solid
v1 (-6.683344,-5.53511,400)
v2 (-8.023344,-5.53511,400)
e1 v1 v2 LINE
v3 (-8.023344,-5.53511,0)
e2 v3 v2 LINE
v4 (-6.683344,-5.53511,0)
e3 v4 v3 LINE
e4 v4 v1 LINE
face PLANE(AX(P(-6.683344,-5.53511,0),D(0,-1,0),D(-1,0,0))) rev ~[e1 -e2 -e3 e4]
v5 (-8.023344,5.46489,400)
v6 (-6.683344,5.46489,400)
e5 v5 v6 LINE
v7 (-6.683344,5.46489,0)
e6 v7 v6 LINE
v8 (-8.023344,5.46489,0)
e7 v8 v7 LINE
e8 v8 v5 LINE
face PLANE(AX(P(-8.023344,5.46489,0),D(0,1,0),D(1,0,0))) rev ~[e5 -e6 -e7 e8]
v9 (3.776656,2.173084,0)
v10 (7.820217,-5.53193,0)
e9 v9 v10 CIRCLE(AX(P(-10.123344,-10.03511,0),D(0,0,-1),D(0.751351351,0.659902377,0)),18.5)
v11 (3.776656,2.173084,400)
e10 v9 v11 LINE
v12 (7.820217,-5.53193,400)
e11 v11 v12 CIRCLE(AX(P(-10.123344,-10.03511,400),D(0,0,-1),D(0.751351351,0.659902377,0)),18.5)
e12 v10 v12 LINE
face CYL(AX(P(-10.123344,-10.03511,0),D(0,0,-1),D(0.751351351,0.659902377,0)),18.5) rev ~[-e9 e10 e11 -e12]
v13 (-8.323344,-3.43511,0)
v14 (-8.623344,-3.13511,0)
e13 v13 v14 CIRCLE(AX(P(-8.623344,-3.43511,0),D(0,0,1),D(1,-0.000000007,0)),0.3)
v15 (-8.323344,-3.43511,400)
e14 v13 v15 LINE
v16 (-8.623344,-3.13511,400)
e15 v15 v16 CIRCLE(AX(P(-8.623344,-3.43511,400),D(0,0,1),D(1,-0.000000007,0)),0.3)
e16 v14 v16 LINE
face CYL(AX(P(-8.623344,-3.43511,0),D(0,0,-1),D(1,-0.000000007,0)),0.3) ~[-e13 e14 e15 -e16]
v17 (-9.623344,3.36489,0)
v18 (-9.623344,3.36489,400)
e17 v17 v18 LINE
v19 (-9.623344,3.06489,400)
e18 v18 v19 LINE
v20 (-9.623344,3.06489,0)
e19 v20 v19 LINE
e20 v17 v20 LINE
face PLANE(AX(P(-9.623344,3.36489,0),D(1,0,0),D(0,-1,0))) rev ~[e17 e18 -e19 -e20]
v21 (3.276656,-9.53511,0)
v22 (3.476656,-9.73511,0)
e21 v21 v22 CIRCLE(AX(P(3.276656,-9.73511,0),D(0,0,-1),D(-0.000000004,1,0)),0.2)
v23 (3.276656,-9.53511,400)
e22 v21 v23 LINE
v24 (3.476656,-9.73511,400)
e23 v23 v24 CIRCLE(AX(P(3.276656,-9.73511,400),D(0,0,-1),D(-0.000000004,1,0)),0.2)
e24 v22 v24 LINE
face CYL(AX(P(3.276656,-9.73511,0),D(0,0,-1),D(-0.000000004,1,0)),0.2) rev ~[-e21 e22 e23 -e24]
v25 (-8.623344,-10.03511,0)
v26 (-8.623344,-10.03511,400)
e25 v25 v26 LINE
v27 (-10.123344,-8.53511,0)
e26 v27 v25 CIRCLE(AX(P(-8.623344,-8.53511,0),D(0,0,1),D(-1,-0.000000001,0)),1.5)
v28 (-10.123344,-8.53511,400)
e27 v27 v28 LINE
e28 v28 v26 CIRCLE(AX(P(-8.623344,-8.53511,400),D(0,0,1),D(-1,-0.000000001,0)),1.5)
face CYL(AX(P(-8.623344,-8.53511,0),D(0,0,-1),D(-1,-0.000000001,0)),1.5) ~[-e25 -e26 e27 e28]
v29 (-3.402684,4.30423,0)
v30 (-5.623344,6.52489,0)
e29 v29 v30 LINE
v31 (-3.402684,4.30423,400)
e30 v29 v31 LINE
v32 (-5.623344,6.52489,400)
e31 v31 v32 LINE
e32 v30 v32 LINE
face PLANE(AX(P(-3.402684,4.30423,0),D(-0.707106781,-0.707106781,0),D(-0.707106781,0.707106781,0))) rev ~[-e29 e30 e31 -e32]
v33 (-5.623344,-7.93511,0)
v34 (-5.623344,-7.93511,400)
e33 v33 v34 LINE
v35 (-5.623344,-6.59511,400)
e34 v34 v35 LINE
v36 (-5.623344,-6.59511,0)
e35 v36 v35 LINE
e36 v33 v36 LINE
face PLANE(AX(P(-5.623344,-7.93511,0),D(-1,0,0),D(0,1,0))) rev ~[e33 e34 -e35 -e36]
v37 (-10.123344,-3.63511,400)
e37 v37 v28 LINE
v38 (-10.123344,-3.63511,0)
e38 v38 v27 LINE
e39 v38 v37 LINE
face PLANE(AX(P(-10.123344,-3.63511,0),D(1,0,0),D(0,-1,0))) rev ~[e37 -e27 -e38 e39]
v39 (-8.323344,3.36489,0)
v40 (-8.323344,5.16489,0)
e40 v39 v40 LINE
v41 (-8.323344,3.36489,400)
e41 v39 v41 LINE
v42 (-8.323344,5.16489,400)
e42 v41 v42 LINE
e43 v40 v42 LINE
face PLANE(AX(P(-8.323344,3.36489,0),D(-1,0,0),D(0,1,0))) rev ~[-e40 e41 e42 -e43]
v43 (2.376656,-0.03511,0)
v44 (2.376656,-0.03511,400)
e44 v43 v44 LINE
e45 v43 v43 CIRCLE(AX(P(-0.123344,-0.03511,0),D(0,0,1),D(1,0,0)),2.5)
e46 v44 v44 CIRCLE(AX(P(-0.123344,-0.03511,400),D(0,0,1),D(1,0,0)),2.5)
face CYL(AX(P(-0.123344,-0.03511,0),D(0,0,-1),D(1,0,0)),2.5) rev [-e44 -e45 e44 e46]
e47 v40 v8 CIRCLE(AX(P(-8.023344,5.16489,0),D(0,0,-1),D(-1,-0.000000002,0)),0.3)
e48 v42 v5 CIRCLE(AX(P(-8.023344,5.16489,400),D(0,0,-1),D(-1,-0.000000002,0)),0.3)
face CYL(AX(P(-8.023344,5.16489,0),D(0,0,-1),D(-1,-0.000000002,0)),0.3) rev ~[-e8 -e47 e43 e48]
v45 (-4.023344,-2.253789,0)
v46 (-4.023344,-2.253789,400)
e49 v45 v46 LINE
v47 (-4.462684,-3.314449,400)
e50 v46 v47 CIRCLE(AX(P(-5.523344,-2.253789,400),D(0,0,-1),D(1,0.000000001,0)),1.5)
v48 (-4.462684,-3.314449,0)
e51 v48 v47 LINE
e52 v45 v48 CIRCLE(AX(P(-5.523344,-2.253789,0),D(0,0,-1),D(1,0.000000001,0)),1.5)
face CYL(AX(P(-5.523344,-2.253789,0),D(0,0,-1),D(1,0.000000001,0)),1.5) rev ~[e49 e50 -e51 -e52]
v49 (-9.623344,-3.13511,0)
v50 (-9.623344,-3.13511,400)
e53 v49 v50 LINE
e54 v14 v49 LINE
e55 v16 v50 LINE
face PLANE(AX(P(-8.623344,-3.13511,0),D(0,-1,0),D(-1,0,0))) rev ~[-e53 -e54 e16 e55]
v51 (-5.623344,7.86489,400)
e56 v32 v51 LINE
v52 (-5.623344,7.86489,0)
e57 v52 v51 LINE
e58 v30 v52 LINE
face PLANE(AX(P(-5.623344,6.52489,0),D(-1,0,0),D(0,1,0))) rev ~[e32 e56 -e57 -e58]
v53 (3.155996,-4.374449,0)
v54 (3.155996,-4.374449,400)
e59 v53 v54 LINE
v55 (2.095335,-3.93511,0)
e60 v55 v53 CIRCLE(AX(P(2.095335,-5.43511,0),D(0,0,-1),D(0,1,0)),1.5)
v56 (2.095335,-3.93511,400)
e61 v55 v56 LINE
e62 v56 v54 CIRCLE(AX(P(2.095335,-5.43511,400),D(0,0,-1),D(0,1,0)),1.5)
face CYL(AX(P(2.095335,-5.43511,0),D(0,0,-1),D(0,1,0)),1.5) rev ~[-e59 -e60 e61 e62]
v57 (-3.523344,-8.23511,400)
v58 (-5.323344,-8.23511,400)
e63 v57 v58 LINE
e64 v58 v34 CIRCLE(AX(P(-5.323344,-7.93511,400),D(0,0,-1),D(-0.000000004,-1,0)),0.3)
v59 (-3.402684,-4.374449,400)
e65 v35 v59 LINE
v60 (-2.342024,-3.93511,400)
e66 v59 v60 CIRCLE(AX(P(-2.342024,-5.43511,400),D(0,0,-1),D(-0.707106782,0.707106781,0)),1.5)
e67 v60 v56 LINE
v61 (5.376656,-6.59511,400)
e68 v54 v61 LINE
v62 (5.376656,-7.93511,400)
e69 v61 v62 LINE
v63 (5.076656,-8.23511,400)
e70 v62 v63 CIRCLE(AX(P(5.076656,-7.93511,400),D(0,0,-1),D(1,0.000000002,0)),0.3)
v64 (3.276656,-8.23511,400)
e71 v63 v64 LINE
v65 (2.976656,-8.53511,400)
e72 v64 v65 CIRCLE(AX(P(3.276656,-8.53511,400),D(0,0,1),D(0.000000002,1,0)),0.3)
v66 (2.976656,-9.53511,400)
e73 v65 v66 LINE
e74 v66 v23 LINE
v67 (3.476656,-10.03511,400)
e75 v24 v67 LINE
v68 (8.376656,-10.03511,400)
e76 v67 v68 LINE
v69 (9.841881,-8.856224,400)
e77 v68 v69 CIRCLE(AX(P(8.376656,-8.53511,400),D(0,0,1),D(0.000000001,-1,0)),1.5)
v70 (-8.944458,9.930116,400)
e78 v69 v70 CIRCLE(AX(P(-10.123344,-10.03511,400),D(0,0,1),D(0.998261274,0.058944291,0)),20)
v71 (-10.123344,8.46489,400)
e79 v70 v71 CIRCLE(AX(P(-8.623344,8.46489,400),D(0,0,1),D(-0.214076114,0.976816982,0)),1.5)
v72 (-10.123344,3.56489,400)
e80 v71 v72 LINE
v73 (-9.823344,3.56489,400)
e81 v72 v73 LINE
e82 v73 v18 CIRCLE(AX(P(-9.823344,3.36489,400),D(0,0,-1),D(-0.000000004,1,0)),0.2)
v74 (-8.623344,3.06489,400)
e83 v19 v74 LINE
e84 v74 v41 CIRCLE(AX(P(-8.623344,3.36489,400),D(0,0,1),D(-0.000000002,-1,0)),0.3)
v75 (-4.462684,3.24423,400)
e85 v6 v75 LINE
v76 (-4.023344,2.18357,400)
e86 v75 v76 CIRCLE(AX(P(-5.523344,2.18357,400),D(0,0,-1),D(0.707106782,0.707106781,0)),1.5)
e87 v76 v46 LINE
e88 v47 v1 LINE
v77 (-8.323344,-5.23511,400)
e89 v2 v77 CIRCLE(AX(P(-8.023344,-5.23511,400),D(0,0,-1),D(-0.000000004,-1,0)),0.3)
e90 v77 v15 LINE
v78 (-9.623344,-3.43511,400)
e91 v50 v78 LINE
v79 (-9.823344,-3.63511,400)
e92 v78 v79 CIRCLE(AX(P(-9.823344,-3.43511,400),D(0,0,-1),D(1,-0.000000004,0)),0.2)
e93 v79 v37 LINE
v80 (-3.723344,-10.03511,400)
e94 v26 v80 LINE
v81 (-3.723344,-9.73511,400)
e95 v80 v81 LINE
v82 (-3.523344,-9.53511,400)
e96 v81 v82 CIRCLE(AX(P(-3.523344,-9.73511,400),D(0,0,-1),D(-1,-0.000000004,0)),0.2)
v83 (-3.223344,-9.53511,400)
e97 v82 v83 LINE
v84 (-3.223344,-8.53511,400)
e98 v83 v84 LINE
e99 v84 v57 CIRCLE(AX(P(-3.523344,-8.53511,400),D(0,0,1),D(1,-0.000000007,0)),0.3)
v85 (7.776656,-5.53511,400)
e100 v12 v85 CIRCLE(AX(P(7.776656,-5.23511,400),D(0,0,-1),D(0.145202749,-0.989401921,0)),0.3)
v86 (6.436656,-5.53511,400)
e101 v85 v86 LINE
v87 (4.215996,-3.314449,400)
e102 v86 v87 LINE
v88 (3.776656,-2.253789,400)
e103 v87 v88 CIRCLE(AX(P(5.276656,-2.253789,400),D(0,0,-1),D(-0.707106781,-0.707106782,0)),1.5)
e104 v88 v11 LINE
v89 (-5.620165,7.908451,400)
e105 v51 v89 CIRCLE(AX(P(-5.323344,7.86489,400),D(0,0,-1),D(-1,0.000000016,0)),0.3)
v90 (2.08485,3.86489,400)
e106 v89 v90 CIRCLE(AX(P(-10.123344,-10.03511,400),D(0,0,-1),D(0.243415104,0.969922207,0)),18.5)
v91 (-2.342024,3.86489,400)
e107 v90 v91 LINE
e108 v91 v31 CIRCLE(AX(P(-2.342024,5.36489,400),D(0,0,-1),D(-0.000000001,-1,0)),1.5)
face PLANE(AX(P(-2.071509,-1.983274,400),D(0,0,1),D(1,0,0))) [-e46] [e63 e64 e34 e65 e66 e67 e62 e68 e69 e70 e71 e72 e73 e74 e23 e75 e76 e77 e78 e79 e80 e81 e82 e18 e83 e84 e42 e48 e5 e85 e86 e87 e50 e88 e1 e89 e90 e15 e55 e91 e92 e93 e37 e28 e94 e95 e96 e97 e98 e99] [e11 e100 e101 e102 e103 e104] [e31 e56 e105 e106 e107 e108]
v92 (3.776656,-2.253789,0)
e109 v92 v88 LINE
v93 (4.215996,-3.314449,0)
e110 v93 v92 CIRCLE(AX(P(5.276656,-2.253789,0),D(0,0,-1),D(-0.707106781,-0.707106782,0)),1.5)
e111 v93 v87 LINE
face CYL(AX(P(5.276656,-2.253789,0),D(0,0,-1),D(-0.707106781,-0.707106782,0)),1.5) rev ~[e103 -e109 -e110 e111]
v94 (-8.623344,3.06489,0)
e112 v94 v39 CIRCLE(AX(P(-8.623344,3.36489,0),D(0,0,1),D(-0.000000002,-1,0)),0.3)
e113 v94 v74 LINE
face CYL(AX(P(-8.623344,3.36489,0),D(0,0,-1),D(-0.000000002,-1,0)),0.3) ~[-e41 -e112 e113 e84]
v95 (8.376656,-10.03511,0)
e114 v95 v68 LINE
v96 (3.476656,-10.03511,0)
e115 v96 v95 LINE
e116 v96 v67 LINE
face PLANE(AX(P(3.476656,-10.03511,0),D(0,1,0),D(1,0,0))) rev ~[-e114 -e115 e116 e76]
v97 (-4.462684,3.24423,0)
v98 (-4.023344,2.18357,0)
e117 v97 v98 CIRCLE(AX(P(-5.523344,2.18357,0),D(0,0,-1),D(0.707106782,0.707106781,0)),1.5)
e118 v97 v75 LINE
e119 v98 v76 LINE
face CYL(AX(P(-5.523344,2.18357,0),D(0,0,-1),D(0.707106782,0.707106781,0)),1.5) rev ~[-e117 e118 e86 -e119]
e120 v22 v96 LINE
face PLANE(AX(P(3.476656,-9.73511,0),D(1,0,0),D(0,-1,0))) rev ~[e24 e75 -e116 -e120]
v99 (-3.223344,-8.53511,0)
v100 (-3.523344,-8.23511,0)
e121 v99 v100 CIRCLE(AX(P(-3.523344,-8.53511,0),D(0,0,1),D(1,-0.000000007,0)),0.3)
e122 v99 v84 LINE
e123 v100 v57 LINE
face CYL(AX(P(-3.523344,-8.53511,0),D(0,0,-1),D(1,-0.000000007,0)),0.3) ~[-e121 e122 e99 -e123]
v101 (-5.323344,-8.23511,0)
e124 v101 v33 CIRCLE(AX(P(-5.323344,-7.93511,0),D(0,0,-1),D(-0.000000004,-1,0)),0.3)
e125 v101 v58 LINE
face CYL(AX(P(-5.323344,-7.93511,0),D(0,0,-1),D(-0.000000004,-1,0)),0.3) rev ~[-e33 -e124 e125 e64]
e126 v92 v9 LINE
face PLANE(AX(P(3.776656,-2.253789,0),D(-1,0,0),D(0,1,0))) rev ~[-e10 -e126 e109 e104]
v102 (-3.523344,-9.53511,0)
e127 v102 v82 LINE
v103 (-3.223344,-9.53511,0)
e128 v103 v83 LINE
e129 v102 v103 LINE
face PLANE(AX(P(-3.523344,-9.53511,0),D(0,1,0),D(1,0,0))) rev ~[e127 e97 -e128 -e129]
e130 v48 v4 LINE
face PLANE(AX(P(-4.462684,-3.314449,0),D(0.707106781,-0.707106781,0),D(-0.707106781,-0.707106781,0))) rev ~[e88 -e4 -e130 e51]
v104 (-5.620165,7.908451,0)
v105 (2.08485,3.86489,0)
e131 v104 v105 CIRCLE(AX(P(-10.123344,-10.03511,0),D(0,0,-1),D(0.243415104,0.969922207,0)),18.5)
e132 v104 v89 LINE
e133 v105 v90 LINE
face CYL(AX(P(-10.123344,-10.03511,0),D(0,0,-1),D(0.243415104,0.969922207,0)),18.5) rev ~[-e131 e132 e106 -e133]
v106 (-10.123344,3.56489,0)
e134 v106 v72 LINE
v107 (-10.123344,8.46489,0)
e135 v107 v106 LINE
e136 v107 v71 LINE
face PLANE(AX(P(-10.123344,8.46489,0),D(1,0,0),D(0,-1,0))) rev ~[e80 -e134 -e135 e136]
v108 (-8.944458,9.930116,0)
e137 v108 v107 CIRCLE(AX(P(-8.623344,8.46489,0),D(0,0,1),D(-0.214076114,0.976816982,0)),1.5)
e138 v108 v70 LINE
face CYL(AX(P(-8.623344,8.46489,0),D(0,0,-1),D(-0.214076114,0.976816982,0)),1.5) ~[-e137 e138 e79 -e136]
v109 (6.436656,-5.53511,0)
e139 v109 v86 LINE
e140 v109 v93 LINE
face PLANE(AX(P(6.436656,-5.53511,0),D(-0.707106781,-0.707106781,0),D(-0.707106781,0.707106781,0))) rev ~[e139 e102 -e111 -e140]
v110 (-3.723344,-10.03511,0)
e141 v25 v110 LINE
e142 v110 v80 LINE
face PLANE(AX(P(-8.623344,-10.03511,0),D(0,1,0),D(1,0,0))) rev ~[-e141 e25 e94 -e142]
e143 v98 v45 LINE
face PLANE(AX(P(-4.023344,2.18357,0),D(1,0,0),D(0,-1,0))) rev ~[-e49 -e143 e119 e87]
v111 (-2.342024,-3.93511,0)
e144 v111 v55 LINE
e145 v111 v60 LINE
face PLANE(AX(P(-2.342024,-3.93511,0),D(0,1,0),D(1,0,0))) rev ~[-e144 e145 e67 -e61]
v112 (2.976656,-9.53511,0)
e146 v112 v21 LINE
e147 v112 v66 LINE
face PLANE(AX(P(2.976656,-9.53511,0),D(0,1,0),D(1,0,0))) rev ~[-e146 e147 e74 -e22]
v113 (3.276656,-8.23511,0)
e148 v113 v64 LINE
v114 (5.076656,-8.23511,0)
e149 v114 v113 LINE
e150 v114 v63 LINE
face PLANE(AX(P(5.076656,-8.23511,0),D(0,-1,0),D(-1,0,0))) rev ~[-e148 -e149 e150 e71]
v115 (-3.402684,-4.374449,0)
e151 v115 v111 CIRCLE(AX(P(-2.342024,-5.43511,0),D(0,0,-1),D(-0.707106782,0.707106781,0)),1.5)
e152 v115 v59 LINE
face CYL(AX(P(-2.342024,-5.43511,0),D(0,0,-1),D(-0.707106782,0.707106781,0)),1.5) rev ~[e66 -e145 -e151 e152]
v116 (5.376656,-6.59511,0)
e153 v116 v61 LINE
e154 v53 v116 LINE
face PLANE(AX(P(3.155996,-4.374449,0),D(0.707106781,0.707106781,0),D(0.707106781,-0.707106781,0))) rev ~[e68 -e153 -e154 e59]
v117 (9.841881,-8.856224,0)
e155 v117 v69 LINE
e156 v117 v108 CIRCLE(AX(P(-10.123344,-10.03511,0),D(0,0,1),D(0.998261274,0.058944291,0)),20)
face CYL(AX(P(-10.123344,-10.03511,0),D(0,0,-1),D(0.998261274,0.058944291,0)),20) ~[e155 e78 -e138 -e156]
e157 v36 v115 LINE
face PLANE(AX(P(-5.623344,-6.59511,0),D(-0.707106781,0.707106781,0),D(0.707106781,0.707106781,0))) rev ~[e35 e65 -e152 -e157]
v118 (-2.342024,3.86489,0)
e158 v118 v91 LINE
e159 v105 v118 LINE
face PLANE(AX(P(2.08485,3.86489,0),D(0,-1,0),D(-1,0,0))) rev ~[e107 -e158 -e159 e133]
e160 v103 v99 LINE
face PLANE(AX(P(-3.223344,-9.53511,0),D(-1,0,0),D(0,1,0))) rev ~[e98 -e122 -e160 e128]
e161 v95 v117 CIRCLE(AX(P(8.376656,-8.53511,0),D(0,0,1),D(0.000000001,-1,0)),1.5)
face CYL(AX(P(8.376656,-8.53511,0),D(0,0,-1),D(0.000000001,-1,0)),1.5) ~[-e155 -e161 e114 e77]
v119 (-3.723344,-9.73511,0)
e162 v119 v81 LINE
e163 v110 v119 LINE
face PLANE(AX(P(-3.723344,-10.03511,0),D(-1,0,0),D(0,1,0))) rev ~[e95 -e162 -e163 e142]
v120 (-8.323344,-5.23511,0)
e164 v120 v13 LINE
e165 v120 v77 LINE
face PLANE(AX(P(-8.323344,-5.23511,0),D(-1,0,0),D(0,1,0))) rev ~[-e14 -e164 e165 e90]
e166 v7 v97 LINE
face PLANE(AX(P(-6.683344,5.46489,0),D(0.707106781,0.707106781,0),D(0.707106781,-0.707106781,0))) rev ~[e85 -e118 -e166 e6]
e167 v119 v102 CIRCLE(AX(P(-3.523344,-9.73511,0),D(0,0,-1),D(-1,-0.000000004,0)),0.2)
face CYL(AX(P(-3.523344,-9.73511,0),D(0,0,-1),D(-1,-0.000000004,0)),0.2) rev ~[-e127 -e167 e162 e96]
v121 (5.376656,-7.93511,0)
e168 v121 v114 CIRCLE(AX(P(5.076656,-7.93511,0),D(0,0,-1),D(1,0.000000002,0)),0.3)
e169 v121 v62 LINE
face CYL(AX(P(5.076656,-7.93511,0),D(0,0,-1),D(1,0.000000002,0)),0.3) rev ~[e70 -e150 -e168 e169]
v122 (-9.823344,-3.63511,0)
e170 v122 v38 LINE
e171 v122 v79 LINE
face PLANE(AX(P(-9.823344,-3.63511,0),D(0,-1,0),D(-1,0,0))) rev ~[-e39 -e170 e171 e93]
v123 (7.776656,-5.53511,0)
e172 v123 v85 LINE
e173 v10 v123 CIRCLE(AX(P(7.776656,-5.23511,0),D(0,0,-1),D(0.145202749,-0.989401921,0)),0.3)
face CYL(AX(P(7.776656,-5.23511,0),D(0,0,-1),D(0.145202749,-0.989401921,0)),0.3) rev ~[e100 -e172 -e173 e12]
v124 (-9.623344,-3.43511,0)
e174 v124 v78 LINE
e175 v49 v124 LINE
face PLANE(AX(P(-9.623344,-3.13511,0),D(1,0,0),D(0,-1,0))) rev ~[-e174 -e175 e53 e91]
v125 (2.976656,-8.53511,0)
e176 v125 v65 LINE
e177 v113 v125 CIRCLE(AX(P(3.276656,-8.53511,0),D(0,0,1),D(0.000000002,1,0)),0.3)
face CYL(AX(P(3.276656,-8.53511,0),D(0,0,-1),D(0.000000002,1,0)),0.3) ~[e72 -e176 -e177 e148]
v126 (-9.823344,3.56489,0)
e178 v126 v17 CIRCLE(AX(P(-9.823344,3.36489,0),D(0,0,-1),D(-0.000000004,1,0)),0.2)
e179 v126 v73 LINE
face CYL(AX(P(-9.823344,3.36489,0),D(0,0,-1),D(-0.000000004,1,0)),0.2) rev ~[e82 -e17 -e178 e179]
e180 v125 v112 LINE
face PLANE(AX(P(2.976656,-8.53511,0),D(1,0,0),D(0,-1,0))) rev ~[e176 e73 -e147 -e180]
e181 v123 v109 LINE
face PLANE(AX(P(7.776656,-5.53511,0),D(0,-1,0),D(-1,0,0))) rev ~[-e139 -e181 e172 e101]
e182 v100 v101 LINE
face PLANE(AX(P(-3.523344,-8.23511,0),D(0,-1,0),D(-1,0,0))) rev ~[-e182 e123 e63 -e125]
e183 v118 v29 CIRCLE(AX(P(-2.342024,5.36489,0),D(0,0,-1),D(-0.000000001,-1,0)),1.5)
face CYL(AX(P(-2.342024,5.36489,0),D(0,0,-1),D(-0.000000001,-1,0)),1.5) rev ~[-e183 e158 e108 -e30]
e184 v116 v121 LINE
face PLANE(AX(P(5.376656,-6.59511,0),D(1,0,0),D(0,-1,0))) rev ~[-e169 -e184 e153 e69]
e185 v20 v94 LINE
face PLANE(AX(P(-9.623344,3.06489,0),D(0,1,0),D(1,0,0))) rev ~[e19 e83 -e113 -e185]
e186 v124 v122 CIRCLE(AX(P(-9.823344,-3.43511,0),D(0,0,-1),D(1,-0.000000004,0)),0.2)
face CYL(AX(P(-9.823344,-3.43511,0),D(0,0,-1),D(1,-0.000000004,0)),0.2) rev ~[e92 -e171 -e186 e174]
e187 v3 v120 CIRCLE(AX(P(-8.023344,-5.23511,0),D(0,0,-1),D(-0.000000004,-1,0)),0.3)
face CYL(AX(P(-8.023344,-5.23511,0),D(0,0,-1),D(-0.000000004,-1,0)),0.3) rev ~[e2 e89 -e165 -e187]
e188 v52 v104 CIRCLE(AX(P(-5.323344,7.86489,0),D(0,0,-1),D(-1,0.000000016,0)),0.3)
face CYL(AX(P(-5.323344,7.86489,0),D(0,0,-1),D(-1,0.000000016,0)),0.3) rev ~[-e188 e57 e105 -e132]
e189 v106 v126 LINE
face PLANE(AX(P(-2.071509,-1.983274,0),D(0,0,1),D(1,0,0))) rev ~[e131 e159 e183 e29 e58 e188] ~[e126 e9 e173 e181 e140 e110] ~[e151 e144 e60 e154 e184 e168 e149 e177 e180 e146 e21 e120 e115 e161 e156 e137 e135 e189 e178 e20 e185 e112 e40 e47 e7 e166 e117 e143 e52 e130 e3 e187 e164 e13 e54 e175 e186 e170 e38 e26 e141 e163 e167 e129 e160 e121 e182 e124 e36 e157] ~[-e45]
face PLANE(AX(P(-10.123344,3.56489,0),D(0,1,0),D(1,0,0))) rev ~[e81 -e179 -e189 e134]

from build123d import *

# Parameters (mm, degrees)
SKETCH_1_R      = 2.5
EXTRUDE_1_DEPTH = 400


with BuildPart() as part:
    # 草图1 → 凸台-拉伸1 (new body)
    with BuildSketch(Plane.XY):
        with BuildLine():
            ThreePointArc((-8.944458369, 9.930115847), (-9.792033903, 9.405190523), (-10.123344197, 8.464890373))
            Line((-10.123344197, 8.464890373), (-10.123344197, 3.564890373))
            Line((-10.123344197, 3.564890373), (-9.823344197, 3.564890373))
            ThreePointArc((-9.823344197, 3.564890373), (-9.681922841, 3.50631173), (-9.623344197, 3.364890373))
            Line((-9.623344197, 3.364890373), (-9.623344197, 3.064890373))
            Line((-9.623344197, 3.064890373), (-8.623344197, 3.064890373))
            ThreePointArc((-8.623344197, 3.064890373), (-8.411212162, 3.152758339), (-8.323344197, 3.364890373))
            Line((-8.323344197, 3.364890373), (-8.323344197, 5.164890373))
            ThreePointArc((-8.323344197, 5.164890373), (-8.235476231, 5.377022408), (-8.023344197, 5.464890373))
            Line((-8.023344197, 5.464890373), (-6.683344197, 5.464890373))
            Line((-6.683344197, 5.464890373), (-4.462684025, 3.244230202))
            ThreePointArc((-4.462684025, 3.244230202), (-4.137524898, 2.757595178), (-4.023344197, 2.18357003))
            Line((-4.023344197, 2.18357003), (-4.023344197, -2.253789283))
            ThreePointArc((-4.023344197, -2.253789283), (-4.137524898, -2.827814432), (-4.462684025, -3.314449455))
            Line((-4.462684025, -3.314449455), (-6.683344197, -5.535109627))
            Line((-6.683344197, -5.535109627), (-8.023344197, -5.535109627))
            ThreePointArc((-8.023344197, -5.535109627), (-8.235476231, -5.447241661), (-8.323344197, -5.235109627))
            Line((-8.323344197, -5.235109627), (-8.323344197, -3.435109627))
            ThreePointArc((-8.323344197, -3.435109627), (-8.411212162, -3.222977592), (-8.623344197, -3.135109627))
            Line((-8.623344197, -3.135109627), (-9.623344197, -3.135109627))
            Line((-9.623344197, -3.135109627), (-9.623344197, -3.435109627))
            ThreePointArc((-9.623344197, -3.435109627), (-9.681922841, -3.576530983), (-9.823344197, -3.635109627))
            Line((-9.823344197, -3.635109627), (-10.123344197, -3.635109627))
            Line((-10.123344197, -3.635109627), (-10.123344197, -8.535109627))
            ThreePointArc((-10.123344197, -8.535109627), (-9.684004369, -9.595769798), (-8.623344197, -10.035109627))
            Line((-8.623344197, -10.035109627), (-3.723344197, -10.035109627))
            Line((-3.723344197, -10.035109627), (-3.723344197, -9.735109627))
            ThreePointArc((-3.723344197, -9.735109627), (-3.664765553, -9.59368827), (-3.523344197, -9.535109627))
            Line((-3.523344197, -9.535109627), (-3.223344197, -9.535109627))
            Line((-3.223344197, -9.535109627), (-3.223344197, -8.535109627))
            ThreePointArc((-3.223344197, -8.535109627), (-3.311212162, -8.322977592), (-3.523344197, -8.235109627))
            Line((-3.523344197, -8.235109627), (-5.323344197, -8.235109627))
            ThreePointArc((-5.323344197, -8.235109627), (-5.535476231, -8.147241661), (-5.623344197, -7.935109627))
            Line((-5.623344197, -7.935109627), (-5.623344197, -6.595109627))
            Line((-5.623344197, -6.595109627), (-3.402684025, -4.374449455))
            ThreePointArc((-3.402684025, -4.374449455), (-2.916049002, -4.049290328), (-2.342023853, -3.935109627))
            Line((-2.342023853, -3.935109627), (2.09533546, -3.935109627))
            ThreePointArc((2.09533546, -3.935109627), (2.669360608, -4.049290328), (3.155995631, -4.374449455))
            Line((3.155995631, -4.374449455), (5.376655803, -6.595109627))
            Line((5.376655803, -6.595109627), (5.376655803, -7.935109627))
            ThreePointArc((5.376655803, -7.935109627), (5.288787838, -8.147241661), (5.076655803, -8.235109627))
            Line((5.076655803, -8.235109627), (3.276655803, -8.235109627))
            ThreePointArc((3.276655803, -8.235109627), (3.064523769, -8.322977592), (2.976655803, -8.535109627))
            Line((2.976655803, -8.535109627), (2.976655803, -9.535109627))
            Line((2.976655803, -9.535109627), (3.276655803, -9.535109627))
            ThreePointArc((3.276655803, -9.535109627), (3.418077159, -9.59368827), (3.476655803, -9.735109627))
            Line((3.476655803, -9.735109627), (3.476655803, -10.035109627))
            Line((3.476655803, -10.035109627), (8.376655803, -10.035109627))
            ThreePointArc((8.376655803, -10.035109627), (9.316955952, -9.703799333), (9.841881277, -8.856223799))
            ThreePointArc((9.841881277, -8.856223799), (4.018791427, 4.107025997), (-8.944458369, 9.930115847))
        make_face()
        with BuildLine():
            ThreePointArc((7.820216628, -5.531930203), (7.798494154, -5.534313715), (7.776655803, -5.535109627))
            Line((7.776655803, -5.535109627), (6.436655803, -5.535109627))
            Line((6.436655803, -5.535109627), (4.215995631, -3.314449455))
            ThreePointArc((4.215995631, -3.314449455), (3.890836504, -2.827814432), (3.776655803, -2.253789283))
            Line((3.776655803, -2.253789283), (3.776655803, 2.173084343))
            ThreePointArc((3.776655803, 2.173084343), (6.257892136, -1.4383023), (7.820216628, -5.531930203))
        make_face(mode=Mode.SUBTRACT)
        with BuildLine():
            ThreePointArc((-5.620164773, 7.908451198), (-1.52653687, 6.346126706), (2.084849773, 3.864890373))
            Line((2.084849773, 3.864890373), (-2.342023853, 3.864890373))
            ThreePointArc((-2.342023853, 3.864890373), (-2.916049002, 3.979071075), (-3.402684025, 4.304230202))
            Line((-3.402684025, 4.304230202), (-5.623344197, 6.524890373))
            Line((-5.623344197, 6.524890373), (-5.623344197, 7.864890373))
            ThreePointArc((-5.623344197, 7.864890373), (-5.622548285, 7.886728724), (-5.620164773, 7.908451198))
        make_face(mode=Mode.SUBTRACT)
        with Locations((-0.123344197, -0.035109627)):
            Circle(SKETCH_1_R, mode=Mode.SUBTRACT)
    extrude(amount=EXTRUDE_1_DEPTH)


solid = part.part
